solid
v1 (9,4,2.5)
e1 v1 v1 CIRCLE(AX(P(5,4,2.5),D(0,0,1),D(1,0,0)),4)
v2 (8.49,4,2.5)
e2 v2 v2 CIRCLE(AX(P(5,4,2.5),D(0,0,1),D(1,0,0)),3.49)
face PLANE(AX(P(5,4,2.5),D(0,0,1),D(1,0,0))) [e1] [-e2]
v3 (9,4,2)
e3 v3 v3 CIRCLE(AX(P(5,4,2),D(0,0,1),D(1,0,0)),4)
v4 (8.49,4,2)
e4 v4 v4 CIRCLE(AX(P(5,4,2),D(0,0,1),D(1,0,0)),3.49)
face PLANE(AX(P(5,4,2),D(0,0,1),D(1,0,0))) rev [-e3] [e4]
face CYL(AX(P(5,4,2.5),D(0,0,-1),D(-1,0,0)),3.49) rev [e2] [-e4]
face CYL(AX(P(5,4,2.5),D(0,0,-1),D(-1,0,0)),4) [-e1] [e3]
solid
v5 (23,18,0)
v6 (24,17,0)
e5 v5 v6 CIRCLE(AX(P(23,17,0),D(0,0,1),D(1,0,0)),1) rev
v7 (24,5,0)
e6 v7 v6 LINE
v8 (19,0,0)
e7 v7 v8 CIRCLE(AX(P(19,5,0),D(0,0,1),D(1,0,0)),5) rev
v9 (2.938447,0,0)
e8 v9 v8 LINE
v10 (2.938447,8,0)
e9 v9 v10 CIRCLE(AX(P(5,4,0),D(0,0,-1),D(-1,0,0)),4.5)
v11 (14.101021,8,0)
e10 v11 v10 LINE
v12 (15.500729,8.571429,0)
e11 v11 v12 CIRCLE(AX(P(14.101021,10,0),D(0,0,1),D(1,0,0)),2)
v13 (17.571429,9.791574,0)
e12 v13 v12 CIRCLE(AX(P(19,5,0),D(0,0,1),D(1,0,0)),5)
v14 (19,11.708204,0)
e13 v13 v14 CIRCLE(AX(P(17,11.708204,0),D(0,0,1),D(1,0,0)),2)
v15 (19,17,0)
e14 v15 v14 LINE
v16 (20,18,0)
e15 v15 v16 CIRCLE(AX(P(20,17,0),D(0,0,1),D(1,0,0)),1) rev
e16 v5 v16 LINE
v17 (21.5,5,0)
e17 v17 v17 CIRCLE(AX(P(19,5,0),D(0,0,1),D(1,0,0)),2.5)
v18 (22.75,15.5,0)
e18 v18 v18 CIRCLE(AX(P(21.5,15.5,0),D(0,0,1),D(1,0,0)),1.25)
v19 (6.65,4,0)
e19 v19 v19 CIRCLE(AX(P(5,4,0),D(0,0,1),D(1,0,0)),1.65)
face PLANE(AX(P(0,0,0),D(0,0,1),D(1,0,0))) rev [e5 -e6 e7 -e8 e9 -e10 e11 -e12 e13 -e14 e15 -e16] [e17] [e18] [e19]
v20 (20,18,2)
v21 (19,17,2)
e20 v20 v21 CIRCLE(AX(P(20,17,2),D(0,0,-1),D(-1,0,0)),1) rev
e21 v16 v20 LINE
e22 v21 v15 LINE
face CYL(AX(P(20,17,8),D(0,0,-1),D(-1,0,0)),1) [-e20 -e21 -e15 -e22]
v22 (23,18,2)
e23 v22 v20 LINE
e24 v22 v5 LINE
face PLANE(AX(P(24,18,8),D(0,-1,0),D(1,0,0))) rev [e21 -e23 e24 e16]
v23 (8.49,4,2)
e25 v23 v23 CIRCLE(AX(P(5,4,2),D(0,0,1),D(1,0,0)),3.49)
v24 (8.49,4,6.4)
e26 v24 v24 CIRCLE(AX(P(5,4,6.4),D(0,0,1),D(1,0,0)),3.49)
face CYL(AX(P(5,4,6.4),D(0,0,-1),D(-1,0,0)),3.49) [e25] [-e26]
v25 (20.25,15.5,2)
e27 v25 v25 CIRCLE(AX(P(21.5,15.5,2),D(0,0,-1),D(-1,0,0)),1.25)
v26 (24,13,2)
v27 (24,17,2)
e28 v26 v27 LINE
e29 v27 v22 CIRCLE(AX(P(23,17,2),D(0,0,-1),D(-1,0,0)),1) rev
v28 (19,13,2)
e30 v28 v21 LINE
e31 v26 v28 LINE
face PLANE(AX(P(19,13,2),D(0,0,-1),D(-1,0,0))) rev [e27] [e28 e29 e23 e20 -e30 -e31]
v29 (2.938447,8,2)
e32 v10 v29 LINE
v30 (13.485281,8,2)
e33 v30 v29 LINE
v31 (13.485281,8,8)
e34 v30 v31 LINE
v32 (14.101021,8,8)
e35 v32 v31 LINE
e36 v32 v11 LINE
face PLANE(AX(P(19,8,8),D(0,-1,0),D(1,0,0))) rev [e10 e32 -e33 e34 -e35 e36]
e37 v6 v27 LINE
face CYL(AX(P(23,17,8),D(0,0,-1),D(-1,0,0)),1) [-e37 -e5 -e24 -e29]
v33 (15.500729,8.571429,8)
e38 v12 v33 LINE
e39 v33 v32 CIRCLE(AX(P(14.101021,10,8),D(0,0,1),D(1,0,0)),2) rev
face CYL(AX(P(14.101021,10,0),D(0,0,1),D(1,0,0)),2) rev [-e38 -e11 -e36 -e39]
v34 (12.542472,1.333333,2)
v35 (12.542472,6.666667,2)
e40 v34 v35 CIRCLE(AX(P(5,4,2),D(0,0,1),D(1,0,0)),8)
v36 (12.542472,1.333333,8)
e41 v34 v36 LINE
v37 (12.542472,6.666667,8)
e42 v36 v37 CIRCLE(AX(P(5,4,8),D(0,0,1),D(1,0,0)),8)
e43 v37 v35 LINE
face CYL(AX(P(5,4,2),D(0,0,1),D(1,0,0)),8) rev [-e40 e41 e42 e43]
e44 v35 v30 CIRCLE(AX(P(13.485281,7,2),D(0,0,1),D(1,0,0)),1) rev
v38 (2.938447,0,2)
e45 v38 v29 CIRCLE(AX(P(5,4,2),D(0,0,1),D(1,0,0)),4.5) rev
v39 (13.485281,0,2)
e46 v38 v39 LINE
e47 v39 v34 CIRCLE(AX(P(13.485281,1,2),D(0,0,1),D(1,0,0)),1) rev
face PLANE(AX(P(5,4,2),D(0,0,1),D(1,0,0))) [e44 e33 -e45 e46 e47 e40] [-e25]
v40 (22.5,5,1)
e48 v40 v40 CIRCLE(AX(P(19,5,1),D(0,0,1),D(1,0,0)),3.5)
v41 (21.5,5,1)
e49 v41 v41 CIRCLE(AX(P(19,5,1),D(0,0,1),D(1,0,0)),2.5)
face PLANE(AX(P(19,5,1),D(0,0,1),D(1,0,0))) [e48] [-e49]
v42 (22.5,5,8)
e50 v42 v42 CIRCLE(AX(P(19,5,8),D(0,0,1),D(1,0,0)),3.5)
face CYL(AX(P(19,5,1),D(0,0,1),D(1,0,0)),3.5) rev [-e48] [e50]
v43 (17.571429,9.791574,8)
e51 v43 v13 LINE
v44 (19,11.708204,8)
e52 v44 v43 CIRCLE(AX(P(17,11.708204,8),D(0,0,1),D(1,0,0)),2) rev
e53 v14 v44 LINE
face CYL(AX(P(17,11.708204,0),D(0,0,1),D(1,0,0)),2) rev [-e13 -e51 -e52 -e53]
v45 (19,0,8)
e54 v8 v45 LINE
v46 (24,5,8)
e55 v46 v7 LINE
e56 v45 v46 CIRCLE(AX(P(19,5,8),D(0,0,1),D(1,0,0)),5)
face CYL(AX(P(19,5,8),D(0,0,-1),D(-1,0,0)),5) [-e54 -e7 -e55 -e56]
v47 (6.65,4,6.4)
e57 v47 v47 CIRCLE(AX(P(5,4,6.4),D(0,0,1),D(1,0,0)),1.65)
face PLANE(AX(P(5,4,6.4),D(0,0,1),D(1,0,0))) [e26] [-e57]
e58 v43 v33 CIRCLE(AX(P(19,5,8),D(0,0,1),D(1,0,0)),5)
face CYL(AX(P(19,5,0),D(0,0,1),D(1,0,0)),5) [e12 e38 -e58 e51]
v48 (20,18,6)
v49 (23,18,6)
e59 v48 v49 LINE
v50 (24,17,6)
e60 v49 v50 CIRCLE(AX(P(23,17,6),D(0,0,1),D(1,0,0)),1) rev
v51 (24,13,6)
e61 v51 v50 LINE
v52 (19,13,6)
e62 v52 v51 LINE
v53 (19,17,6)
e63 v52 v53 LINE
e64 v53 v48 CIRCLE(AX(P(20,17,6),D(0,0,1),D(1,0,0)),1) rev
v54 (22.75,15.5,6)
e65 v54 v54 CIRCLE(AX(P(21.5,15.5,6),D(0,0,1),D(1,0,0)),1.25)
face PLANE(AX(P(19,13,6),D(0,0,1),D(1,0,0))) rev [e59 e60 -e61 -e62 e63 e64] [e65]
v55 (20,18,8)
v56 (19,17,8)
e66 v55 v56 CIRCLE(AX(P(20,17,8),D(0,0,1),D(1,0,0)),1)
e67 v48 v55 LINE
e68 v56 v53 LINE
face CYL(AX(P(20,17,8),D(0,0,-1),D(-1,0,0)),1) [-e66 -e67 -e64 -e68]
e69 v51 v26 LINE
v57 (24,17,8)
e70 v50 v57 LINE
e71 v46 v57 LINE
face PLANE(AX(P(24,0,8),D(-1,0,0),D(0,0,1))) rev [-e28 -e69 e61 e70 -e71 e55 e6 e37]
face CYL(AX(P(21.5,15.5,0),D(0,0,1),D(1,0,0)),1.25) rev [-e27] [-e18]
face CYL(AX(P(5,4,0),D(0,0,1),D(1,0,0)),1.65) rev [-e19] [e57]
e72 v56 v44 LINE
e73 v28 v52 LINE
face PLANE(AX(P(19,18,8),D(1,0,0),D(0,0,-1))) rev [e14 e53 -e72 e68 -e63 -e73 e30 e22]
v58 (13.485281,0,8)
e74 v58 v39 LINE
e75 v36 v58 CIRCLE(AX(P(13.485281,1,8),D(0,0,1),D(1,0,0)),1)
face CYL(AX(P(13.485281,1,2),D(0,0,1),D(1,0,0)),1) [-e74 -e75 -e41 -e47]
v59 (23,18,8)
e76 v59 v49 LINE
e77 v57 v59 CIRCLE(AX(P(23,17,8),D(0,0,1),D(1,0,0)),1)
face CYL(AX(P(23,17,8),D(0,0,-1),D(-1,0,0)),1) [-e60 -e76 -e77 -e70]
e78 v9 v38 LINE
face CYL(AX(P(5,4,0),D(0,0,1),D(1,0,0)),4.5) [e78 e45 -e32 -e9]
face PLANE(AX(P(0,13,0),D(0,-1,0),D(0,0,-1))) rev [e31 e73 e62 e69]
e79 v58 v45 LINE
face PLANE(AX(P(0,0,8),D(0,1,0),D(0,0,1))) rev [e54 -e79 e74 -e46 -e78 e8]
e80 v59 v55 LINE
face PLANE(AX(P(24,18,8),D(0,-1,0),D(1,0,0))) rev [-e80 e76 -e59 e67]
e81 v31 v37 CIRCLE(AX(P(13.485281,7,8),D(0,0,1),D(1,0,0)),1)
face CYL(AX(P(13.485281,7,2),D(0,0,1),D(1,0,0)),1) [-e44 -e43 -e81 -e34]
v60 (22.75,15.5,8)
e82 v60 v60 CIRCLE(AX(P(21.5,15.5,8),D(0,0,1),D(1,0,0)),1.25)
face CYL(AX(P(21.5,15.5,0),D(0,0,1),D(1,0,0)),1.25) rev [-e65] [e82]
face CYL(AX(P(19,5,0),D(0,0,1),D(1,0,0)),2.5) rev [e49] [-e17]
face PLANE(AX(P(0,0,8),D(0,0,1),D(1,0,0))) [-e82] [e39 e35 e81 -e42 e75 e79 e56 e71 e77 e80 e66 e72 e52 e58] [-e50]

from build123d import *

# Parameters (mm, degrees)
BOSS_EXTRU_1_DEPTH           = 8
ESQUISSE2_R                  = 5
BOSS_EXTRU_2_DEPTH           = 8
ESQUISSE3_R                  = 3.5
ENL_V_MAT_EXTRU_1_DEPTH      = 7
ENL_V_MAT_EXTRU_2_DEPTH      = 31.805843601
ENL_V_MAT_EXTRU_2_DEPTH_BACK = 31.805843601
ESQUISSE4_R                  = 2.5
ESQUISSE5_R                  = 8
ENL_V_MAT_EXTRU_3_DEPTH      = 6
ESQUISSE6_R                  = 3.49
BOSS_EXTRU_3_DEPTH           = 4.4
ENL_V_MAT_EXTRU_4_DEPTH      = 31.675071312
ENL_V_MAT_EXTRU_4_DEPTH_BACK = 31.675071312
ESQUISSE7_R                  = 1.65
ENL_V_MAT_EXTRU_5_DEPTH      = 31.594117082
ENL_V_MAT_EXTRU_5_DEPTH_BACK = 31.594117082
CONG_1_R                     = 5
CONG_2_R                     = 1
ESQUISSE9_W                  = 5
ESQUISSE9_H                  = 4
ENL_V_MAT_EXTRU_6_DEPTH      = 5
CONG_3_R                     = 2
ENL_V_MAT_EXTRU_7_DEPTH      = 32.048349393
ENL_V_MAT_EXTRU_7_DEPTH_BACK = 32.048349393
ESQUISSE10_R                 = 1.25
BOSS_EXTRU_4_START           = -4.4
ESQUISSE11_R                 = 4
ESQUISSE11_R_2               = 3.49
BOSS_EXTRU_4_DEPTH           = 0.5


with BuildPart() as part:
    # Esquisse1 → Boss.-Extru.1 (new body)
    with BuildSketch(Plane.XY):
        Polygon((0, 0), (24, 0), (24, 18), (19, 18), (19, 8), (0, 8), align=None)
    extrude(amount=BOSS_EXTRU_1_DEPTH)

    # Esquisse2 → Boss.-Extru.2 (add)
    with BuildSketch(Plane.XY.offset(8)):
        with Locations((19, 5)):
            Circle(ESQUISSE2_R)
    extrude(amount=-BOSS_EXTRU_2_DEPTH)

    # Esquisse3 → Enlèv. mat.-Extru.1 (cut)
    with BuildSketch(Plane.XY.offset(8)):
        with Locations((19, 5)):
            Circle(ESQUISSE3_R)
    extrude(amount=-ENL_V_MAT_EXTRU_1_DEPTH, mode=Mode.SUBTRACT)

    # Esquisse4 → Enlèv. mat.-Extru.2 (cut, two sides: drawn at the far end of the back side and taken through both)
    with BuildSketch(Plane.XY.offset(1).offset(-ENL_V_MAT_EXTRU_2_DEPTH_BACK)):
        with Locations((19, 5)):
            Circle(ESQUISSE4_R)
    extrude(amount=ENL_V_MAT_EXTRU_2_DEPTH + ENL_V_MAT_EXTRU_2_DEPTH_BACK, mode=Mode.SUBTRACT)

    # Esquisse5 → Enlèv. mat.-Extru.3 (cut)
    with BuildSketch(Plane.XY.offset(8)):
        with Locations((5, 4)):
            Circle(ESQUISSE5_R)
    extrude(amount=-ENL_V_MAT_EXTRU_3_DEPTH, mode=Mode.SUBTRACT)

    # Esquisse6 → Boss.-Extru.3 (add)
    with BuildSketch(Plane.XY.offset(2)):
        with Locations((5, 4)):
            Circle(ESQUISSE6_R)
    extrude(amount=BOSS_EXTRU_3_DEPTH)

    # Esquisse7 → Enlèv. mat.-Extru.4 (cut, two sides: drawn at the far end of the back side and taken through both)
    with BuildSketch(Plane.XY.offset(6.4).offset(-ENL_V_MAT_EXTRU_4_DEPTH_BACK)):
        with Locations((5, 4)):
            Circle(ESQUISSE7_R)
    extrude(amount=ENL_V_MAT_EXTRU_4_DEPTH + ENL_V_MAT_EXTRU_4_DEPTH_BACK, mode=Mode.SUBTRACT)

    # Esquisse8 → Enlèv. mat.-Extru.5 (cut, two sides: drawn at the far end of the back side and taken through both)
    with BuildSketch(Plane.XY.offset(2).offset(-ENL_V_MAT_EXTRU_5_DEPTH_BACK)):
        with BuildLine():
            Line((0, 8), (2.938447187, 8))
            ThreePointArc((2.938447187, 8), (0.5, 4), (2.938447187, 0))
            Line((2.938447187, 0), (0, 0))
            Line((0, 0), (0, 8))
        make_face()
    extrude(amount=ENL_V_MAT_EXTRU_5_DEPTH + ENL_V_MAT_EXTRU_5_DEPTH_BACK, mode=Mode.SUBTRACT)

    # Congé1
    cong_1_edges = [part.edges().sort_by_distance(p)[0] for p in [
        (24, 0, 4),
    ]]
    fillet(cong_1_edges, radius=CONG_1_R)

    # Congé2
    cong_2_edges = [part.edges().sort_by_distance(p)[0] for p in [
        (19, 18, 4),
        (24, 18, 4),
        (11.92820323, 0, 5),
        (11.92820323, 8, 5),
    ]]
    fillet(cong_2_edges, radius=CONG_2_R)

    # Esquisse9 → Enlèv. mat.-Extru.6 (cut)
    with BuildSketch(Plane(origin=(0, 18, 0), x_dir=(1, 0, 0), z_dir=(0, 1, 0))):
        with Locations((21.5, -4)):
            Rectangle(ESQUISSE9_W, ESQUISSE9_H)
    extrude(amount=-ENL_V_MAT_EXTRU_6_DEPTH, mode=Mode.SUBTRACT)

    # Congé3
    cong_3_edges = [part.edges().sort_by_distance(p)[0] for p in [
        (19, 10, 4),
        (15, 8, 4),
    ]]
    fillet(cong_3_edges, radius=CONG_3_R)

    # Esquisse10 → Enlèv. mat.-Extru.7 (cut, two sides: drawn at the far end of the back side and taken through both)
    with BuildSketch(Plane.XY.offset(8).offset(-ENL_V_MAT_EXTRU_7_DEPTH_BACK)):
        with Locations((21.5, 15.5)):
            Circle(ESQUISSE10_R)
    extrude(amount=ENL_V_MAT_EXTRU_7_DEPTH + ENL_V_MAT_EXTRU_7_DEPTH_BACK, mode=Mode.SUBTRACT)


with BuildPart() as body_2:
    # Esquisse11 → Boss.-Extru.4 (new body)
    with BuildSketch(Plane.XY.offset(6.4).offset(BOSS_EXTRU_4_START)):
        with Locations((5, 4)):
            Circle(ESQUISSE11_R)
        with Locations((5, 4)):
            Circle(ESQUISSE11_R_2, mode=Mode.SUBTRACT)
    extrude(amount=BOSS_EXTRU_4_DEPTH)


solid = Compound([part.part, body_2.part])
